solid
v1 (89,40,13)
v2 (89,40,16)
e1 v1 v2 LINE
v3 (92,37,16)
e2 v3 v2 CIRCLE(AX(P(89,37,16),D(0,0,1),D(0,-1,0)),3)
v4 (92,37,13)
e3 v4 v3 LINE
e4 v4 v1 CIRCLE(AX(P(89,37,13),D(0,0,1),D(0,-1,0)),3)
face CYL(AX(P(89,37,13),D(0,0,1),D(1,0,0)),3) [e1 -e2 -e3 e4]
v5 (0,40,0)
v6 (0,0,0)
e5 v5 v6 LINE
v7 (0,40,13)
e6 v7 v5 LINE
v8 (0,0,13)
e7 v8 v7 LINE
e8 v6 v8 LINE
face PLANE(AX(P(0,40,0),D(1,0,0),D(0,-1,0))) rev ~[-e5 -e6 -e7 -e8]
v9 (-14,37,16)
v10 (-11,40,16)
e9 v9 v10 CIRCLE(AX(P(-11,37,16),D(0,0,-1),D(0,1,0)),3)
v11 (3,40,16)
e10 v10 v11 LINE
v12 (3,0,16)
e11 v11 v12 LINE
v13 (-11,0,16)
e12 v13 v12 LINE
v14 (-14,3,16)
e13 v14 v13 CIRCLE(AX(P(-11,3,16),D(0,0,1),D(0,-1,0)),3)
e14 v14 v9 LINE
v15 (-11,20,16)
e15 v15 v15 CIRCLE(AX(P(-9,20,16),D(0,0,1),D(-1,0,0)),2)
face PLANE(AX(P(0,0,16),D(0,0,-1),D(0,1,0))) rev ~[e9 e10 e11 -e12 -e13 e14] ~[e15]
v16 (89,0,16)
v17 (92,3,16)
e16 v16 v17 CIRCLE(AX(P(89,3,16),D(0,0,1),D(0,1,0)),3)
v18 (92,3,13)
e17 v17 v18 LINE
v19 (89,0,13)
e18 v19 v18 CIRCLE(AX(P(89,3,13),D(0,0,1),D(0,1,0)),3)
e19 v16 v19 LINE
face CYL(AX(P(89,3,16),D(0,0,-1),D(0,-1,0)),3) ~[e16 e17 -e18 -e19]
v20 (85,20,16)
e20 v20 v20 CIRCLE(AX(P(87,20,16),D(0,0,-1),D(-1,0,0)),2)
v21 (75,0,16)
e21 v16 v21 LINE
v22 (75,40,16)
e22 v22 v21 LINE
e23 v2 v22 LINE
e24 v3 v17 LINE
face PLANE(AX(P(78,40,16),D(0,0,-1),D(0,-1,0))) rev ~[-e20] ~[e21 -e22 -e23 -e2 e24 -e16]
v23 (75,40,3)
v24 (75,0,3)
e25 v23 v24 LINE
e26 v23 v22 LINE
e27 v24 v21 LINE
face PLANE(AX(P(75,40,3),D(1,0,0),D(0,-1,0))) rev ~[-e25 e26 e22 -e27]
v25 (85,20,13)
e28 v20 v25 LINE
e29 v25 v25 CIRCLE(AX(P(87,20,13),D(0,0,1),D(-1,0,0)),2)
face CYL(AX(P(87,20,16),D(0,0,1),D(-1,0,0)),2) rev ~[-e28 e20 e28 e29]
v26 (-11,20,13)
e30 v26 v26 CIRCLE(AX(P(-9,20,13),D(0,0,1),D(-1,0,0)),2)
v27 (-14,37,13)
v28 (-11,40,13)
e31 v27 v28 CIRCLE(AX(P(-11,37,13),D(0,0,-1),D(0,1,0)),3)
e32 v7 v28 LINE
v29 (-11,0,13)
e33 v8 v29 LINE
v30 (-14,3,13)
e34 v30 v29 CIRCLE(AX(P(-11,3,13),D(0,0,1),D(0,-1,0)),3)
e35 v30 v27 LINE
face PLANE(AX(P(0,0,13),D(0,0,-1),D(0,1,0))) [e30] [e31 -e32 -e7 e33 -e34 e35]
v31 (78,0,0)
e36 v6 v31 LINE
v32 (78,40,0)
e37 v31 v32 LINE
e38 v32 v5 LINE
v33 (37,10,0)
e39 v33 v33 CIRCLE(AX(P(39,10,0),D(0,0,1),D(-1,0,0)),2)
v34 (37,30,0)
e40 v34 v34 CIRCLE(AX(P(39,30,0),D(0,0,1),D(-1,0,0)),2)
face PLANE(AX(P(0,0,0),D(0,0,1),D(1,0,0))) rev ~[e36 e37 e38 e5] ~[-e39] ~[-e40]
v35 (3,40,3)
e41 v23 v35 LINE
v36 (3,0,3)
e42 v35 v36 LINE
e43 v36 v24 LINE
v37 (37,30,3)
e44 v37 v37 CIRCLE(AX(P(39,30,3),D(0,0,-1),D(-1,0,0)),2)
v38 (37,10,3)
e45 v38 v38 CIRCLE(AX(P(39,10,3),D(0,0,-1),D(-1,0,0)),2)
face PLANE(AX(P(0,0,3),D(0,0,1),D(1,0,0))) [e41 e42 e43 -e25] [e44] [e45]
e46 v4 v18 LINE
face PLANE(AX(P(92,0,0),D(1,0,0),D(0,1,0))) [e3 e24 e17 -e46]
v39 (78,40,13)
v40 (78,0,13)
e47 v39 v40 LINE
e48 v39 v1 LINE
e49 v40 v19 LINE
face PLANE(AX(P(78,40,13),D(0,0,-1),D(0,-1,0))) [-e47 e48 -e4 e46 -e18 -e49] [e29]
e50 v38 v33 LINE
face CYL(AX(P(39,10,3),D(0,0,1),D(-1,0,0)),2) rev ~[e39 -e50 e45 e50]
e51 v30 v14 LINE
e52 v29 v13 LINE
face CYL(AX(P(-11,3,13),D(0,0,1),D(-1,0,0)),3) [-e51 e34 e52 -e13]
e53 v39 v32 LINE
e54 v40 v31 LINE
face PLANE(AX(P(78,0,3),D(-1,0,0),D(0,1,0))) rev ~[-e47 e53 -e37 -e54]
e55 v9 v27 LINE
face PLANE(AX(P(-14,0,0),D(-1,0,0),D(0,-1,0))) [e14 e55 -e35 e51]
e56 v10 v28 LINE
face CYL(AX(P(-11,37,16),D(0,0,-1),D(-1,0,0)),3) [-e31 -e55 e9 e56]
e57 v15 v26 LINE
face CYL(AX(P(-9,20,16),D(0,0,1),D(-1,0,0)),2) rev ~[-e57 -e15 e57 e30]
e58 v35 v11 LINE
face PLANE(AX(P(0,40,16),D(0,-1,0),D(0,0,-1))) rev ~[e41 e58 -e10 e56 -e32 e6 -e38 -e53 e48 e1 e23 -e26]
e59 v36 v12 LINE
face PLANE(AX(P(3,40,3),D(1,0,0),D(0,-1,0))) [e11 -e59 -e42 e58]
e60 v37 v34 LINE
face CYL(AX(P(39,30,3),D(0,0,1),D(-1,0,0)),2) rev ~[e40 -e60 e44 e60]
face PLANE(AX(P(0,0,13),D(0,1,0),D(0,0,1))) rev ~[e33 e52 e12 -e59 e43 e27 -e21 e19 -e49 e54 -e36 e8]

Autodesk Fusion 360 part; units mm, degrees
sketch "Sketch1" plane through (0, 0, 0) normal (0, 0, 1) x (1, 0, 0)
  line L0 (0, 0) -> (78, 0)
  line L1 (78, 0) -> (78, 40)
  line L2 (78, 40) -> (0, 40)
  line L3 (0, 40) -> (0, 0)
  dimension "d1" = 78
  dimension "d2" = 40
extrude "Extrude1" add sketch "Sketch1" along normal blind 3
sketch "Sketch3" plane through (0, 0, 3) normal (0, 0, 1) x (-1, 0, 0)
  line L0 (0, -40) -> (0, 0)
  line L1 (0, 0) -> (-78, 0)
  line L2 (-78, 0) -> (-78, -40)
  line L3 (-78, -40) -> (0, -40)
  line L4 (0, -40) -> (-3, -40)
  line L5 (-3, -40) -> (-3, 0)
  line L6 (0, 0) -> (0, -40)
  dimension "d5" = 3
extrude "Extrude2" add sketch "Sketch3" along normal blind 13 contours L0 L1 L3 L4 L5 L6
sketch "Sketch4" plane through (0, 0, 3) normal (0, 0, 1) x (-1, 0, 0)
  line L0 (-3, -40) -> (-3, 0)
  line L1 (-3, 0) -> (-78, 0)
  line L2 (-78, 0) -> (-78, -40)
  line L3 (-78, -40) -> (-3, -40)
  line L4 (-78, -40) -> (-75, -40)
  line L5 (-75, -40) -> (-75, 0)
  line L6 (-78, 0) -> (-78, -40)
  dimension "d8" = 3
extrude "Extrude3" add sketch "Sketch4" along normal blind 13 contours L1 L2 L3 L4 L5 L6
sketch "Sketch5" plane through (78, 0, 0) normal (1, 0, 0) x (0, 1, 0)
  line L0 (0, 0) -> (40, 0)
  line L1 (40, 0) -> (40, 16)
  line L2 (40, 16) -> (0, 16)
  line L3 (0, 16) -> (0, 0)
  line L4 (40, 16) -> (40, 13)
  line L5 (40, 13) -> (0, 13)
  line L6 (0, 13) -> (0, 16)
extrude "Extrude4" add sketch "Sketch5" along normal blind 14 contours L1 L2 L3 L4 L5 L6
sketch "Sketch6" plane through (0, 0, 0) normal (-1, 0, 0) x (0, -1, 0)
  line L0 (-40, 0) -> (0, 0)
  line L1 (0, 0) -> (0, 16)
  line L2 (0, 16) -> (-40, 16)
  line L3 (-40, 16) -> (-40, 0)
  line L4 (-40, 16) -> (0, 16)
  line L5 (0, 16) -> (0, 13)
  line L6 (0, 13) -> (-40, 13)
  line L7 (-40, 13) -> (-40, 16)
extrude "Extrude5" add sketch "Sketch6" along normal blind 14 contours L1 L2 L3 L4 L5 L6 L7
sketch "Sketch7" plane through (0, 0, 16) normal (0, 0, 1) x (-1, 0, 0)
  line L0 (14, 0) -> (-3, 0)
  line L1 (-3, 0) -> (-3, -40)
  line L2 (-3, -40) -> (14, -40)
  line L3 (14, -40) -> (14, 0)
  circle A0 centre (9, -20) radius 2
  dimension "d15" = 4
extrude "Extrude6" cut sketch "Sketch7" against normal blind 3 contours A0
sketch "Sketch8" plane through (0, 0, 16) normal (0, 0, 1) x (-1, 0, 0)
  line L0 (-92, -40) -> (-75, -40)
  line L1 (-75, -40) -> (-75, 0)
  line L2 (-75, 0) -> (-92, 0)
  line L3 (-92, 0) -> (-92, -40)
  line L4 (-92, -20) -> (-87, -20)
  circle A0 centre (-87, -20) radius 2
  dimension "d18" = 4
extrude "Extrude7" cut sketch "Sketch8" against normal blind 3 contours A0
fillet "Fillet1" radius 3 1 edges at (-14, 0, 14.5)
fillet "Fillet2" radius 3 1 edges at (-14, 40, 14.5)
fillet "Fillet3" radius 3 1 edges at (92, 0, 14.5)
fillet "Fillet4" radius 3 1 edges at (92, 40, 14.5)
sketch "Sketch9" plane through (0, 0, 3) normal (0, 0, 1) x (-1, 0, 0)
  line L0 (-75, 0) -> (-75, -40)
  line L1 (-75, -40) -> (-3, -40)
  line L2 (-3, -40) -> (-3, 0)
  line L3 (-3, 0) -> (-75, 0)
  line L4 (-39, -40) -> (-39, 0)
  line L5 (-3, -20) -> (-75, -20)
  circle A0 centre (-39, -30) radius 2
  circle A1 centre (-39, -10) radius 2
  dimension "d25" = 4
  dimension "d26" = 4
  dimension "d27" = 10
  dimension "d28" = 10
extrude "Extrude8" cut sketch "Sketch9" against normal blind 3 contours L4 A1 | L4 A1 | L4 A0 | L4 A0
